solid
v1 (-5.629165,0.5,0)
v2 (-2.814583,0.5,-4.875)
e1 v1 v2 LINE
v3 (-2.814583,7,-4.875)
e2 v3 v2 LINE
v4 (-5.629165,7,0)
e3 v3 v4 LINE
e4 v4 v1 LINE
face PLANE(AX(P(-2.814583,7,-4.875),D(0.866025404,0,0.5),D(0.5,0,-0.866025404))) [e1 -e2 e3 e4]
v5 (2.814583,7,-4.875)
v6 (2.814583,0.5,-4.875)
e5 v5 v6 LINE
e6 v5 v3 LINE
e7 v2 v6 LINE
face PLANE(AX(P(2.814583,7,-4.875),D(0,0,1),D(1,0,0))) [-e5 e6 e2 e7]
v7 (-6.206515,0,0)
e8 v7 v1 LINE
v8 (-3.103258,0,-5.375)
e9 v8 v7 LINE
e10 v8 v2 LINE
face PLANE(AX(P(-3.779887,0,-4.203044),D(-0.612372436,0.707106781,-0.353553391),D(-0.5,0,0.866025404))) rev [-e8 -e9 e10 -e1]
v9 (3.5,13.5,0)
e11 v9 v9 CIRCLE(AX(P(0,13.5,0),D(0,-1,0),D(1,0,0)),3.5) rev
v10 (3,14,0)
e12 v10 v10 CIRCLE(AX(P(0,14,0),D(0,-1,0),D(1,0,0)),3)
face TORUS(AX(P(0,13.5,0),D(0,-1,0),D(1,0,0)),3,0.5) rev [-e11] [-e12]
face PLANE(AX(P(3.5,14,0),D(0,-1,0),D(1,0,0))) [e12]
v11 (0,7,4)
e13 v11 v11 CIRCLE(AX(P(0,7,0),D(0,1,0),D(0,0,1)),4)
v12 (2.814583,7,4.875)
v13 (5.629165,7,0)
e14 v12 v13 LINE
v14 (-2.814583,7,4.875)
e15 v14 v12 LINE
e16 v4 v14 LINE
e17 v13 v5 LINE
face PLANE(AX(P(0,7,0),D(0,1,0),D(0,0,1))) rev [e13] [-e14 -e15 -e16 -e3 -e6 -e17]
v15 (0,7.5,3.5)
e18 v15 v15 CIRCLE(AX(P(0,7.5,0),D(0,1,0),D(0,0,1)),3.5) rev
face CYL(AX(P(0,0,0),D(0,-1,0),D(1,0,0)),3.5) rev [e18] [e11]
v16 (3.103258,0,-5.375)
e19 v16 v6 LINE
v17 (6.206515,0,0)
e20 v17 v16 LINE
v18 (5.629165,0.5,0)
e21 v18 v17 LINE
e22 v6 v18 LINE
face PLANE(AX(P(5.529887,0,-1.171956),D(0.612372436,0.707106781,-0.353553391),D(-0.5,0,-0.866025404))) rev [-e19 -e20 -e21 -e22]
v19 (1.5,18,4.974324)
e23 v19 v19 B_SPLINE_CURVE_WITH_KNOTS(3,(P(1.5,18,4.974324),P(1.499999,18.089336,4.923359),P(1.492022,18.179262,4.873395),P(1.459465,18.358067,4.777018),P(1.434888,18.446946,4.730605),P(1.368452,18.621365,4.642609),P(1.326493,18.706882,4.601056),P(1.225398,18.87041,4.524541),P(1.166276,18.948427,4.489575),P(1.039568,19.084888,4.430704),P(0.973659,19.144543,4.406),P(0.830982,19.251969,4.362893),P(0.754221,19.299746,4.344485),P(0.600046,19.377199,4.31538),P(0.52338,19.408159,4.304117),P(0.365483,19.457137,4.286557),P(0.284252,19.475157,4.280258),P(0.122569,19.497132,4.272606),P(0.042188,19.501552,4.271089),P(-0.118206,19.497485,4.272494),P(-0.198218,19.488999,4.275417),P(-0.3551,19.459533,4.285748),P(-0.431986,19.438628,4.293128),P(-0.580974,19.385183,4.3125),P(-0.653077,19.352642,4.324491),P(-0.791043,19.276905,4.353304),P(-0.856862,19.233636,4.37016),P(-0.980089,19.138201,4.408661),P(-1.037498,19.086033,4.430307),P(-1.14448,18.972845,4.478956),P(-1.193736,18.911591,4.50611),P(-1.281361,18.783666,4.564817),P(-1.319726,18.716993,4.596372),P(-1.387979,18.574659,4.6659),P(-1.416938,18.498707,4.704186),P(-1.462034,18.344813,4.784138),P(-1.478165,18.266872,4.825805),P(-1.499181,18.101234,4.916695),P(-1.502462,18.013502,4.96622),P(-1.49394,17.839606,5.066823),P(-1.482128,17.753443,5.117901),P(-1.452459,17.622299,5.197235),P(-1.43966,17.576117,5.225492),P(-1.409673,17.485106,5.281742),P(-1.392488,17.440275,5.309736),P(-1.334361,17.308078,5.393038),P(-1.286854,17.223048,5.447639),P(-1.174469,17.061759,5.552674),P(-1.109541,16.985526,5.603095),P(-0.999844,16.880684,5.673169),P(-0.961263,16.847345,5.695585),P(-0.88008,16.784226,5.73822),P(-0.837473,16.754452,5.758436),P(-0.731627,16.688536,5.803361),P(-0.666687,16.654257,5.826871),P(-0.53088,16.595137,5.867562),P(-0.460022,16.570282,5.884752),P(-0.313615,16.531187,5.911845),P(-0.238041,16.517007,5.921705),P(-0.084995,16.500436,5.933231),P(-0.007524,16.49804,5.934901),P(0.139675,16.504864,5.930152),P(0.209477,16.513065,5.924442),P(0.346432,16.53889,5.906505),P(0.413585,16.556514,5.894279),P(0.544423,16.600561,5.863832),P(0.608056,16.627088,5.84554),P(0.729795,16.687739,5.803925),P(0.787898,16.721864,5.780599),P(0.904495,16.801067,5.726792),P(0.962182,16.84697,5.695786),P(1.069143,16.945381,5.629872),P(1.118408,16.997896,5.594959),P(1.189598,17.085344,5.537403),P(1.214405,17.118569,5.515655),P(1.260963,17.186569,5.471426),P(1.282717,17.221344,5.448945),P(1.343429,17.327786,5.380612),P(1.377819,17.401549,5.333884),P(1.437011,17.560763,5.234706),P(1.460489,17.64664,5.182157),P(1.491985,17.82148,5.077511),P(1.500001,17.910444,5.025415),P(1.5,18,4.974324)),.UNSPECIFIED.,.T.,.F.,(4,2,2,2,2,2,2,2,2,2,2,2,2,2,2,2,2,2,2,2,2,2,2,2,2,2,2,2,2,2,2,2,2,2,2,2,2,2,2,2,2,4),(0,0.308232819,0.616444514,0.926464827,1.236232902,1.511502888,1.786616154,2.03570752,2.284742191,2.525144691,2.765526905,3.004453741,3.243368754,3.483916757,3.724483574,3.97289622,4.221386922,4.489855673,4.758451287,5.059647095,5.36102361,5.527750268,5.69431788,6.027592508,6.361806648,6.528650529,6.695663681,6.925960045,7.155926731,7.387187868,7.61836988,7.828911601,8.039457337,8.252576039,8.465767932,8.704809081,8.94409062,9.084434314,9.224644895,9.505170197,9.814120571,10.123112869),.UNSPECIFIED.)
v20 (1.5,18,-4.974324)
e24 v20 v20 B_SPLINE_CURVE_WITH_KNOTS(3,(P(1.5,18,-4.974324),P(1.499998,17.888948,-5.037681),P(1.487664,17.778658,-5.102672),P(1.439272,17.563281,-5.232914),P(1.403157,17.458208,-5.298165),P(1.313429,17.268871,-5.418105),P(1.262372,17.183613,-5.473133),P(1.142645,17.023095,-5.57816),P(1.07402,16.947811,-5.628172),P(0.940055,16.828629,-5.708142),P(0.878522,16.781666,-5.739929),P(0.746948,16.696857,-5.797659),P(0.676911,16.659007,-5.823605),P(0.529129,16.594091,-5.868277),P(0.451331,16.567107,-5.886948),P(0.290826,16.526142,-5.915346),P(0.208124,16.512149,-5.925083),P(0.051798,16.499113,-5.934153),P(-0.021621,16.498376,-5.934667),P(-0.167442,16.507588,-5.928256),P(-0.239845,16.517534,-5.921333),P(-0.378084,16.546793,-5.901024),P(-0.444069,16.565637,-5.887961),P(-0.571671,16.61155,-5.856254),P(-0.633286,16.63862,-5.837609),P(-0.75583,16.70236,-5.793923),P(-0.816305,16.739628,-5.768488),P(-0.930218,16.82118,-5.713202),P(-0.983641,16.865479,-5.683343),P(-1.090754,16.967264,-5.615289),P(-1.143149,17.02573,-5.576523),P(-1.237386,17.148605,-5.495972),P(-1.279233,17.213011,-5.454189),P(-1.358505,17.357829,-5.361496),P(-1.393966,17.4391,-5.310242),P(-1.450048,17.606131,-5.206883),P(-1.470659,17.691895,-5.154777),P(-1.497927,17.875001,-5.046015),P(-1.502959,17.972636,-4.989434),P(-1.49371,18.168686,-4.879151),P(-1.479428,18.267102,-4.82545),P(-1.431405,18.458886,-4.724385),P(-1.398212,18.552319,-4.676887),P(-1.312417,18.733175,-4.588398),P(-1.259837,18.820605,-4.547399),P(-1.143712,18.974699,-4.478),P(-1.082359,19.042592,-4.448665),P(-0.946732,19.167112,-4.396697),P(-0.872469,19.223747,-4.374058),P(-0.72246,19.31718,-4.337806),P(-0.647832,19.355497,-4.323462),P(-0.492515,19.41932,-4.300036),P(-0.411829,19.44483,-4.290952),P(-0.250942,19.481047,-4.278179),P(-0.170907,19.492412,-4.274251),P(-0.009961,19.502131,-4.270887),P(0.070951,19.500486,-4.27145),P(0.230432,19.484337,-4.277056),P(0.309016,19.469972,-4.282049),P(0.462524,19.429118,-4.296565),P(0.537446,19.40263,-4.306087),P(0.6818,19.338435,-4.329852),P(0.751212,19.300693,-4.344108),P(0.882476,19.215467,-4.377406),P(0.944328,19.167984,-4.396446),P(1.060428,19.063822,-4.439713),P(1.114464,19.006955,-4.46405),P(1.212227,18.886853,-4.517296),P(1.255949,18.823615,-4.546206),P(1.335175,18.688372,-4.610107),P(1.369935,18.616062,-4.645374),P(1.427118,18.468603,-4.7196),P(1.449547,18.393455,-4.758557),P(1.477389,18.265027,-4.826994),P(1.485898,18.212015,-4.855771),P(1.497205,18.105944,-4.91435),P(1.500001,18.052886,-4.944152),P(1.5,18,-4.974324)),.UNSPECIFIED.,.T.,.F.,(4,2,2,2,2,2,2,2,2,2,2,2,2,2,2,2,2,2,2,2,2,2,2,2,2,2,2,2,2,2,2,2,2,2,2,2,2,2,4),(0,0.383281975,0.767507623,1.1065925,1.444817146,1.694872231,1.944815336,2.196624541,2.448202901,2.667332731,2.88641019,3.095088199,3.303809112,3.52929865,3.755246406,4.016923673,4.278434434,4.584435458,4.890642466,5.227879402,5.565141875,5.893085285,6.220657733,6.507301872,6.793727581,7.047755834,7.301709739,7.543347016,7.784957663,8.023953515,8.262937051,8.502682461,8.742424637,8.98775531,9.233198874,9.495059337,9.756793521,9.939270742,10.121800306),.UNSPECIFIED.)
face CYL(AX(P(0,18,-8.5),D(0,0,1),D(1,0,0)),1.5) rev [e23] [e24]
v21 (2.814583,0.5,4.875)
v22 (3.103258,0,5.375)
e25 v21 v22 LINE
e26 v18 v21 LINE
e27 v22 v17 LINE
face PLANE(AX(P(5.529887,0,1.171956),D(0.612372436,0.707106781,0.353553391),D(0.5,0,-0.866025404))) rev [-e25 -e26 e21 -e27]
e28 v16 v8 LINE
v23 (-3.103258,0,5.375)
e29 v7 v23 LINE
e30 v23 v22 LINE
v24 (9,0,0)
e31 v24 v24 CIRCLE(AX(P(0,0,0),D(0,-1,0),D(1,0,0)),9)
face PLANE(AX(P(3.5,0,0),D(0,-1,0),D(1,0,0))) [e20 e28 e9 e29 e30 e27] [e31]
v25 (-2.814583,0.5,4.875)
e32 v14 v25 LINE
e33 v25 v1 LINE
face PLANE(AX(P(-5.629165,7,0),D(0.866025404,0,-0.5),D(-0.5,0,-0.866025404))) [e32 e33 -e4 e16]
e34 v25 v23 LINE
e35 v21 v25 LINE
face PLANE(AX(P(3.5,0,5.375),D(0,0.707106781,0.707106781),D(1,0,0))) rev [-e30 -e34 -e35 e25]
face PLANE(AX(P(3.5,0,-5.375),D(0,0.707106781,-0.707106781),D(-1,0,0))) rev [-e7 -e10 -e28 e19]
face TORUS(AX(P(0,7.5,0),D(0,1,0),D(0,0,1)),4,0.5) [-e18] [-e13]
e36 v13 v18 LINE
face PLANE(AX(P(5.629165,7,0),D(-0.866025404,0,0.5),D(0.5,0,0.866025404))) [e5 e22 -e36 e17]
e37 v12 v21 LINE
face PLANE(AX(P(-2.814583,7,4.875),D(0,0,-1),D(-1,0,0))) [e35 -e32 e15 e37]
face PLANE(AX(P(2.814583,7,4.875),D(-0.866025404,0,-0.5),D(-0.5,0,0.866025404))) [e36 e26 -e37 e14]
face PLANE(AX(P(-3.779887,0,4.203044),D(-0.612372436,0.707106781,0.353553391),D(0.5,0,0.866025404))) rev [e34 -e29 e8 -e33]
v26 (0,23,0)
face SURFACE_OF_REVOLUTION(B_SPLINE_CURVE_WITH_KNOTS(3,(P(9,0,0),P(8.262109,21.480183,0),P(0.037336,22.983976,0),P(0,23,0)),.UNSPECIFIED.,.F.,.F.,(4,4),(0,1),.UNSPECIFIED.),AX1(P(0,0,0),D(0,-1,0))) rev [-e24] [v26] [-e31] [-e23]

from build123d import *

# Parameters (mm, degrees)
CUT_EXTRUDE1_DEPTH = 7
SKETCH4_R          = 1.5
CUT_EXTRUDE2_DEPTH = 8.5
CHAMFER1_SIZE      = 0.5
FILLET1_R          = 0.5


with BuildPart() as part:
    # Sketch1 → Revolve1 (revolve)
    with BuildSketch(Plane.XY):
        with BuildLine():
            Line((3.5, 3.528396461), (3.5, 0))
            Line((3.5, 0), (9, 0))
            add(Edge.make_bspline(
                [(0, 23), (0.037336166, 22.983975753), (8.262108542, 21.480183495), (9, 0)],
                knots=[0, 0, 0, 0, 1, 1, 1, 1], degree=3))
            Line((0, 23), (0, 14))
            Line((0, 14), (3.5, 14))
            Line((3.5, 14), (3.5, 3.528396461))
        make_face()
    revolve(axis=Axis((0, 0, 0), (0, 1, 0)))

    # Sketch2 → Cut-Extrude1 (cut)
    with BuildSketch(Plane(origin=(0, 0, 0), x_dir=(1, 0, 0), z_dir=(0, 1, 0))):
        Polygon((5.629165125, 0), (2.814582562, 4.875), (-2.814582562, 4.875), (-5.629165125, 0), (-2.814582562, -4.875), (2.814582562, -4.875), align=None)
    extrude(amount=CUT_EXTRUDE1_DEPTH, mode=Mode.SUBTRACT)

    # Sketch4 → Cut-Extrude2 (cut, symmetric)
    with BuildSketch(Plane.XY):
        with Locations((0, 18)):
            Circle(SKETCH4_R)
    extrude(amount=CUT_EXTRUDE2_DEPTH, both=True, mode=Mode.SUBTRACT)

    # Chamfer1
    chamfer1_edges = [part.edges().sort_by_distance(p)[0] for p in [
        (4.221873843, 0, 2.4375),
        (4.221873843, 0, -2.4375),
        (0, 0, -4.875),
        (-4.221873843, 0, -2.4375),
        (-4.221873843, 0, 2.4375),
        (0, 0, 4.875),
    ]]
    chamfer(chamfer1_edges, length=CHAMFER1_SIZE)

    # Fillet1
    fillet1_edges = [part.edges().sort_by_distance(p)[0] for p in [
        (-3.5, 7, 0),
        (-3.5, 14, 0),
    ]]
    fillet(fillet1_edges, radius=FILLET1_R)


solid = part.part
